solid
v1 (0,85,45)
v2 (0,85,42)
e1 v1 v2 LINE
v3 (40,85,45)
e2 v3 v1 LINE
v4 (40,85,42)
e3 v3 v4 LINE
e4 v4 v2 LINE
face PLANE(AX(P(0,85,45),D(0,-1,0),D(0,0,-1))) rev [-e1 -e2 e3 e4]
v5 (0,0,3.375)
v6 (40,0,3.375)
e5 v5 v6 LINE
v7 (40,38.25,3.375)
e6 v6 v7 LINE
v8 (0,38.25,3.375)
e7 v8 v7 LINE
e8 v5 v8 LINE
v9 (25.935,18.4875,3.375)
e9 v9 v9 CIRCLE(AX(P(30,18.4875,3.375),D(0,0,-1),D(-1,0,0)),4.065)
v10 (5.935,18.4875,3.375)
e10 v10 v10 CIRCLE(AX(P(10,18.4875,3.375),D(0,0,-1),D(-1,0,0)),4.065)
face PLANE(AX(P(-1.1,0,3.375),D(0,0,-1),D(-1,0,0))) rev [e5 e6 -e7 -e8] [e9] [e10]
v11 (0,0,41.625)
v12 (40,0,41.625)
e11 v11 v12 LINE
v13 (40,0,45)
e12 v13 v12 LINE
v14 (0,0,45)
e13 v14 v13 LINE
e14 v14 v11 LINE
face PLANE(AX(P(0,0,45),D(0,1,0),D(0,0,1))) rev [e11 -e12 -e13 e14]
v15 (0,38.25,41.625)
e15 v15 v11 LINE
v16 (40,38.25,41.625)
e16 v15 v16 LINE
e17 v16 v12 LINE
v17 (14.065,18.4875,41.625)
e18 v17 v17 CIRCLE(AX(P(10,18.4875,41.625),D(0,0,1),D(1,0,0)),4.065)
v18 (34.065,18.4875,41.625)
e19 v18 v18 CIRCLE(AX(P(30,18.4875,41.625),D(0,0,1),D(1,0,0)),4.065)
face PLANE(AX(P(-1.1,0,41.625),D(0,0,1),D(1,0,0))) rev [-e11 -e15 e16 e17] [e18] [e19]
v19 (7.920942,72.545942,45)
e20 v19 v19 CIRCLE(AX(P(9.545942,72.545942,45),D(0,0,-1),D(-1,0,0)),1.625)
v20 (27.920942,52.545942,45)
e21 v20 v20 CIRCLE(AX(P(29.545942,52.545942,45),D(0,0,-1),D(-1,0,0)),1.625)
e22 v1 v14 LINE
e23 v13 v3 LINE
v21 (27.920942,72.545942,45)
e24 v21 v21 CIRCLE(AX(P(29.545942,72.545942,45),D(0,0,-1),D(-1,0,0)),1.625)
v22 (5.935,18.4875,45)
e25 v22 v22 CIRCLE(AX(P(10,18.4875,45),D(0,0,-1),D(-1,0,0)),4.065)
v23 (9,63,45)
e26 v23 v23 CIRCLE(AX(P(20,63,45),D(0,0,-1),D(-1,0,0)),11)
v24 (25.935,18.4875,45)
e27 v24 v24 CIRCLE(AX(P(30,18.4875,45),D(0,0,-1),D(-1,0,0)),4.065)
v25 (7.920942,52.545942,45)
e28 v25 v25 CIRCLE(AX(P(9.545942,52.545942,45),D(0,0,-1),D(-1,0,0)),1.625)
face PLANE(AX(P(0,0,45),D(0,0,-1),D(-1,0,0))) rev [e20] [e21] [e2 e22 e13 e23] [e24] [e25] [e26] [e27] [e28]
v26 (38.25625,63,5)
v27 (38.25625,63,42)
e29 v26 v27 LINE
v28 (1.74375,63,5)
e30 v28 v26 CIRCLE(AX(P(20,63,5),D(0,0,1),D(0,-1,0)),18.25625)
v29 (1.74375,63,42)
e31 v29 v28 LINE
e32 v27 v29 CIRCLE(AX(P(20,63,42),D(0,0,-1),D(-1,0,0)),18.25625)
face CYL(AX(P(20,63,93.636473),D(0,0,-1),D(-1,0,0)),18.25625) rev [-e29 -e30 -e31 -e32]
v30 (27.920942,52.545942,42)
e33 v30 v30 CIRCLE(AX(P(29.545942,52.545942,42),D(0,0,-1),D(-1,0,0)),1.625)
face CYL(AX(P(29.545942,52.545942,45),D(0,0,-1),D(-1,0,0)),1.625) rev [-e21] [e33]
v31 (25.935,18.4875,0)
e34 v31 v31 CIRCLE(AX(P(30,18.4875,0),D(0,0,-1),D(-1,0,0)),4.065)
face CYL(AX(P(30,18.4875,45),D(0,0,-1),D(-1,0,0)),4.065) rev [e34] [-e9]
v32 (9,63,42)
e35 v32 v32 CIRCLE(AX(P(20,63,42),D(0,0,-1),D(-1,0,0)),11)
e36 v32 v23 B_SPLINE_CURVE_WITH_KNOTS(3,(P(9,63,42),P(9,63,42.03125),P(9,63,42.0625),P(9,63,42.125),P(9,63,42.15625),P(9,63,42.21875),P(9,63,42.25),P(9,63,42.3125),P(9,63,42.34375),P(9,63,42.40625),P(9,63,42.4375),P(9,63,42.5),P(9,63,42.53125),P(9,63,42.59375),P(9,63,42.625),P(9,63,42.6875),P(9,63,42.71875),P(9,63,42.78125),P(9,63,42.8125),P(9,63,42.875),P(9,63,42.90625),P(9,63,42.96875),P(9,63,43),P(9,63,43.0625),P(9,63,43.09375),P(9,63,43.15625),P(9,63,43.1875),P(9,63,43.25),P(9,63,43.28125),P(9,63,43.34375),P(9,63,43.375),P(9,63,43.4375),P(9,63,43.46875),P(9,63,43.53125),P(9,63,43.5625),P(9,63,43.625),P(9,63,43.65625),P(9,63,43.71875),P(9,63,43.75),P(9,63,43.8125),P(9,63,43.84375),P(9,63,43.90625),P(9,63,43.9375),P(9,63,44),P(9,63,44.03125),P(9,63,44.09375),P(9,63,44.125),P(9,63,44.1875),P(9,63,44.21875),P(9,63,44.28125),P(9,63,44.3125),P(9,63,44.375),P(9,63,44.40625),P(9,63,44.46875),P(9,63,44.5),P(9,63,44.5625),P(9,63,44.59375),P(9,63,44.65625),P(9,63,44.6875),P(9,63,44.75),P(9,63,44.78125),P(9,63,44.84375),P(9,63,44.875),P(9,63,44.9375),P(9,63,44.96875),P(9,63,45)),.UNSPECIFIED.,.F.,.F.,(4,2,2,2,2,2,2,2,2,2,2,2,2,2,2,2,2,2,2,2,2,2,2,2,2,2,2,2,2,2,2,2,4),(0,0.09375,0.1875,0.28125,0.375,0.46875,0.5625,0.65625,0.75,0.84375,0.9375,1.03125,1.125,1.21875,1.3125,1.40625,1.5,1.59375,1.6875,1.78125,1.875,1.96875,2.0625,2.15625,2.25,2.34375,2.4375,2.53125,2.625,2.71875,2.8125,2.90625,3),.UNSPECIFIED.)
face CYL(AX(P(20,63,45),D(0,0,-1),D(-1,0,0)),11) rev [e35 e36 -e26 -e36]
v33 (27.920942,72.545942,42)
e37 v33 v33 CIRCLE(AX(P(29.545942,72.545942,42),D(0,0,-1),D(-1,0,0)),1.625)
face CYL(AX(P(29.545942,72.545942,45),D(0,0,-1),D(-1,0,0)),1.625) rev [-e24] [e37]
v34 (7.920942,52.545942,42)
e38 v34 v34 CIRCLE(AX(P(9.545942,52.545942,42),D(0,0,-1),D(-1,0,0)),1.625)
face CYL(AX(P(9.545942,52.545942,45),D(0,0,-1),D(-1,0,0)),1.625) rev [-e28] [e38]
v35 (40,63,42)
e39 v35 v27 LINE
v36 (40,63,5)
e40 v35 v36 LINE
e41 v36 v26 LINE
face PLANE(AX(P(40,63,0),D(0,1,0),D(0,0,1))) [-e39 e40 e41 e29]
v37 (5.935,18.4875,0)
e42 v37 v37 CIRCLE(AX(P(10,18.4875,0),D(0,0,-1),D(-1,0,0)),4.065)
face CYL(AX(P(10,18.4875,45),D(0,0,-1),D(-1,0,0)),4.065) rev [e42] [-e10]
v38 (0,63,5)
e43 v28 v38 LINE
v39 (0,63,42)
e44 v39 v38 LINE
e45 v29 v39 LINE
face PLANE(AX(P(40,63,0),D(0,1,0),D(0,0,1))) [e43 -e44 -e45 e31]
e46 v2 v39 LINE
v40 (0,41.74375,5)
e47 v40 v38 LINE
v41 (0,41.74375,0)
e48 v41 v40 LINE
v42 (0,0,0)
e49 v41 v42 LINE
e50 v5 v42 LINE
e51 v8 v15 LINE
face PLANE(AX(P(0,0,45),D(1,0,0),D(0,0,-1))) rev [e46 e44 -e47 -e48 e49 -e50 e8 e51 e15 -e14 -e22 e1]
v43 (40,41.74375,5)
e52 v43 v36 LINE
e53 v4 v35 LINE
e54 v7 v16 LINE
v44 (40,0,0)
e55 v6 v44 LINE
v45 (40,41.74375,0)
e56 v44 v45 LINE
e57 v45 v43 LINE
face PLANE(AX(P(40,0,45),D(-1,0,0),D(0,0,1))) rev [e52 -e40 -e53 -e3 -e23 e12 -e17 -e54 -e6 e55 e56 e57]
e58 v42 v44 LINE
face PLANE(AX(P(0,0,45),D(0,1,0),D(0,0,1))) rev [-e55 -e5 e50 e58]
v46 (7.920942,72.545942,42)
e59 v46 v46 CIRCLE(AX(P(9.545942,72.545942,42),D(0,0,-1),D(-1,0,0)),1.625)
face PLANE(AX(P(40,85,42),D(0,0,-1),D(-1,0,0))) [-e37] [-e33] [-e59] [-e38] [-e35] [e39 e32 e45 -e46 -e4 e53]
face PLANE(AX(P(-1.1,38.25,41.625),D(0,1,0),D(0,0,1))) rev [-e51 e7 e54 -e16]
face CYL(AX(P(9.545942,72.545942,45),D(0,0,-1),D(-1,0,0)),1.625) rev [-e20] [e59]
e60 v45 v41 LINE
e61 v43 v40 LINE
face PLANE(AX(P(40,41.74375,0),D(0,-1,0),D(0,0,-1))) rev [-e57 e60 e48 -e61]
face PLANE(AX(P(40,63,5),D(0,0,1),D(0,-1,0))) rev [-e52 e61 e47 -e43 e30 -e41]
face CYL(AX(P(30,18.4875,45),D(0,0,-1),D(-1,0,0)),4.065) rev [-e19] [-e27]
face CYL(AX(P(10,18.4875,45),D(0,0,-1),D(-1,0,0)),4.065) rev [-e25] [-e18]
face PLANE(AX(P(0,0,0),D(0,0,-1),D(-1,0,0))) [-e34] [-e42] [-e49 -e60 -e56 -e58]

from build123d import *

# Parameters (mm, degrees)
ESQUISSE1_W                  = 40
ESQUISSE1_H                  = 85
BOSS_EXTRU_1_DEPTH           = 45
ESQUISSE2_W                  = 38.25
ESQUISSE2_H                  = 38.25
ENL_V_MAT_EXTRU_1_DEPTH      = 41.1
ESQUISSE3_W                  = 42
ESQUISSE3_H                  = 22
ENL_V_MAT_EXTRU_2_DEPTH      = 105.16333328
ESQUISSE4_R                  = 18.25625
ENL_V_MAT_EXTRU_3_DEPTH      = 42
ENL_V_MAT_EXTRU_4_DEPTH      = 104.048532255
ENL_V_MAT_EXTRU_4_DEPTH_BACK = 104.048532255
ESQUISSE5_R                  = 11
ESQUISSE6_R                  = 1.625
ENL_V_MAT_EXTRU_5_DEPTH      = 103.902866821
ENL_V_MAT_EXTRU_6_DEPTH      = 103.75038017
ENL_V_MAT_EXTRU_6_DEPTH_BACK = 103.75038017
ESQUISSE7_R                  = 4.065
ESQUISSE8_W                  = 5
ESQUISSE8_H                  = 21.25625
ENL_V_MAT_EXTRU_7_DEPTH      = 105.16333328


with BuildPart() as part:
    # Esquisse1 → Boss.-Extru.1 (new body)
    with BuildSketch(Plane.XY):
        with Locations((20, 42.5)):
            Rectangle(ESQUISSE1_W, ESQUISSE1_H)
    extrude(amount=BOSS_EXTRU_1_DEPTH)

    # Esquisse2 → Enlèv. mat.-Extru.1 (cut)
    with BuildSketch(Plane(origin=(40, 0, 0), x_dir=(0, 0, -1), z_dir=(1, 0, 0))):
        with Locations((-22.5, 19.125)):
            Rectangle(ESQUISSE2_W, ESQUISSE2_H)
    extrude(amount=-ENL_V_MAT_EXTRU_1_DEPTH, mode=Mode.SUBTRACT)

    # Esquisse3 → Enlèv. mat.-Extru.2 (cut, through all)
    with BuildSketch(Plane(origin=(0, 0, 45), x_dir=(0, 0, -1), z_dir=(1, 0, 0))):
        with Locations((24, 74)):
            Rectangle(ESQUISSE3_W, ESQUISSE3_H)
    extrude(amount=ENL_V_MAT_EXTRU_2_DEPTH, mode=Mode.SUBTRACT)

    # Esquisse4 → Enlèv. mat.-Extru.3 (cut)
    with BuildSketch(Plane.XY):
        with Locations((20, 63)):
            Circle(ESQUISSE4_R)
    extrude(amount=ENL_V_MAT_EXTRU_3_DEPTH, mode=Mode.SUBTRACT)

    # Esquisse5 → Enlèv. mat.-Extru.4 (cut, two sides: drawn at the far end of the back side and taken through both)
    with BuildSketch(Plane(origin=(37, 0, 0), x_dir=(-1, 0, 0), z_dir=(0, 0, -1)).offset(-ENL_V_MAT_EXTRU_4_DEPTH_BACK)):
        with Locations((17, 63)):
            Circle(ESQUISSE5_R)
    extrude(amount=ENL_V_MAT_EXTRU_4_DEPTH + ENL_V_MAT_EXTRU_4_DEPTH_BACK, mode=Mode.SUBTRACT)

    # Esquisse6 → Enlèv. mat.-Extru.5 (cut, through all)
    with BuildSketch(Plane(origin=(0, 0, 42), x_dir=(-1, 0, 0), z_dir=(0, 0, -1))):
        with Locations((-29.545941546, 72.545941546)):
            Circle(ESQUISSE6_R)
        with Locations((-29.545941546, 52.545941546)):
            Circle(ESQUISSE6_R)
        with Locations((-9.545941546, 52.545941546)):
            Circle(ESQUISSE6_R)
        with Locations((-9.545941546, 72.545941546)):
            Circle(ESQUISSE6_R)
    extrude(amount=-ENL_V_MAT_EXTRU_5_DEPTH, mode=Mode.SUBTRACT)

    # Esquisse7 → Enlèv. mat.-Extru.6 (cut, two sides: drawn at the far end of the back side and taken through both)
    with BuildSketch(Plane(origin=(0, 0, 41.625), x_dir=(-1, 0, 0), z_dir=(0, 0, -1)).offset(-ENL_V_MAT_EXTRU_6_DEPTH_BACK)):
        with Locations((-10, 18.4875)):
            Circle(ESQUISSE7_R)
        with Locations((-30, 18.4875)):
            Circle(ESQUISSE7_R)
    extrude(amount=ENL_V_MAT_EXTRU_6_DEPTH + ENL_V_MAT_EXTRU_6_DEPTH_BACK, mode=Mode.SUBTRACT)

    # Esquisse8 → Enlèv. mat.-Extru.7 (cut, through all)
    with BuildSketch(Plane.ZY):
        with Locations((2.5, 52.371875)):
            Rectangle(ESQUISSE8_W, ESQUISSE8_H)
    extrude(amount=-ENL_V_MAT_EXTRU_7_DEPTH, mode=Mode.SUBTRACT)


solid = part.part
